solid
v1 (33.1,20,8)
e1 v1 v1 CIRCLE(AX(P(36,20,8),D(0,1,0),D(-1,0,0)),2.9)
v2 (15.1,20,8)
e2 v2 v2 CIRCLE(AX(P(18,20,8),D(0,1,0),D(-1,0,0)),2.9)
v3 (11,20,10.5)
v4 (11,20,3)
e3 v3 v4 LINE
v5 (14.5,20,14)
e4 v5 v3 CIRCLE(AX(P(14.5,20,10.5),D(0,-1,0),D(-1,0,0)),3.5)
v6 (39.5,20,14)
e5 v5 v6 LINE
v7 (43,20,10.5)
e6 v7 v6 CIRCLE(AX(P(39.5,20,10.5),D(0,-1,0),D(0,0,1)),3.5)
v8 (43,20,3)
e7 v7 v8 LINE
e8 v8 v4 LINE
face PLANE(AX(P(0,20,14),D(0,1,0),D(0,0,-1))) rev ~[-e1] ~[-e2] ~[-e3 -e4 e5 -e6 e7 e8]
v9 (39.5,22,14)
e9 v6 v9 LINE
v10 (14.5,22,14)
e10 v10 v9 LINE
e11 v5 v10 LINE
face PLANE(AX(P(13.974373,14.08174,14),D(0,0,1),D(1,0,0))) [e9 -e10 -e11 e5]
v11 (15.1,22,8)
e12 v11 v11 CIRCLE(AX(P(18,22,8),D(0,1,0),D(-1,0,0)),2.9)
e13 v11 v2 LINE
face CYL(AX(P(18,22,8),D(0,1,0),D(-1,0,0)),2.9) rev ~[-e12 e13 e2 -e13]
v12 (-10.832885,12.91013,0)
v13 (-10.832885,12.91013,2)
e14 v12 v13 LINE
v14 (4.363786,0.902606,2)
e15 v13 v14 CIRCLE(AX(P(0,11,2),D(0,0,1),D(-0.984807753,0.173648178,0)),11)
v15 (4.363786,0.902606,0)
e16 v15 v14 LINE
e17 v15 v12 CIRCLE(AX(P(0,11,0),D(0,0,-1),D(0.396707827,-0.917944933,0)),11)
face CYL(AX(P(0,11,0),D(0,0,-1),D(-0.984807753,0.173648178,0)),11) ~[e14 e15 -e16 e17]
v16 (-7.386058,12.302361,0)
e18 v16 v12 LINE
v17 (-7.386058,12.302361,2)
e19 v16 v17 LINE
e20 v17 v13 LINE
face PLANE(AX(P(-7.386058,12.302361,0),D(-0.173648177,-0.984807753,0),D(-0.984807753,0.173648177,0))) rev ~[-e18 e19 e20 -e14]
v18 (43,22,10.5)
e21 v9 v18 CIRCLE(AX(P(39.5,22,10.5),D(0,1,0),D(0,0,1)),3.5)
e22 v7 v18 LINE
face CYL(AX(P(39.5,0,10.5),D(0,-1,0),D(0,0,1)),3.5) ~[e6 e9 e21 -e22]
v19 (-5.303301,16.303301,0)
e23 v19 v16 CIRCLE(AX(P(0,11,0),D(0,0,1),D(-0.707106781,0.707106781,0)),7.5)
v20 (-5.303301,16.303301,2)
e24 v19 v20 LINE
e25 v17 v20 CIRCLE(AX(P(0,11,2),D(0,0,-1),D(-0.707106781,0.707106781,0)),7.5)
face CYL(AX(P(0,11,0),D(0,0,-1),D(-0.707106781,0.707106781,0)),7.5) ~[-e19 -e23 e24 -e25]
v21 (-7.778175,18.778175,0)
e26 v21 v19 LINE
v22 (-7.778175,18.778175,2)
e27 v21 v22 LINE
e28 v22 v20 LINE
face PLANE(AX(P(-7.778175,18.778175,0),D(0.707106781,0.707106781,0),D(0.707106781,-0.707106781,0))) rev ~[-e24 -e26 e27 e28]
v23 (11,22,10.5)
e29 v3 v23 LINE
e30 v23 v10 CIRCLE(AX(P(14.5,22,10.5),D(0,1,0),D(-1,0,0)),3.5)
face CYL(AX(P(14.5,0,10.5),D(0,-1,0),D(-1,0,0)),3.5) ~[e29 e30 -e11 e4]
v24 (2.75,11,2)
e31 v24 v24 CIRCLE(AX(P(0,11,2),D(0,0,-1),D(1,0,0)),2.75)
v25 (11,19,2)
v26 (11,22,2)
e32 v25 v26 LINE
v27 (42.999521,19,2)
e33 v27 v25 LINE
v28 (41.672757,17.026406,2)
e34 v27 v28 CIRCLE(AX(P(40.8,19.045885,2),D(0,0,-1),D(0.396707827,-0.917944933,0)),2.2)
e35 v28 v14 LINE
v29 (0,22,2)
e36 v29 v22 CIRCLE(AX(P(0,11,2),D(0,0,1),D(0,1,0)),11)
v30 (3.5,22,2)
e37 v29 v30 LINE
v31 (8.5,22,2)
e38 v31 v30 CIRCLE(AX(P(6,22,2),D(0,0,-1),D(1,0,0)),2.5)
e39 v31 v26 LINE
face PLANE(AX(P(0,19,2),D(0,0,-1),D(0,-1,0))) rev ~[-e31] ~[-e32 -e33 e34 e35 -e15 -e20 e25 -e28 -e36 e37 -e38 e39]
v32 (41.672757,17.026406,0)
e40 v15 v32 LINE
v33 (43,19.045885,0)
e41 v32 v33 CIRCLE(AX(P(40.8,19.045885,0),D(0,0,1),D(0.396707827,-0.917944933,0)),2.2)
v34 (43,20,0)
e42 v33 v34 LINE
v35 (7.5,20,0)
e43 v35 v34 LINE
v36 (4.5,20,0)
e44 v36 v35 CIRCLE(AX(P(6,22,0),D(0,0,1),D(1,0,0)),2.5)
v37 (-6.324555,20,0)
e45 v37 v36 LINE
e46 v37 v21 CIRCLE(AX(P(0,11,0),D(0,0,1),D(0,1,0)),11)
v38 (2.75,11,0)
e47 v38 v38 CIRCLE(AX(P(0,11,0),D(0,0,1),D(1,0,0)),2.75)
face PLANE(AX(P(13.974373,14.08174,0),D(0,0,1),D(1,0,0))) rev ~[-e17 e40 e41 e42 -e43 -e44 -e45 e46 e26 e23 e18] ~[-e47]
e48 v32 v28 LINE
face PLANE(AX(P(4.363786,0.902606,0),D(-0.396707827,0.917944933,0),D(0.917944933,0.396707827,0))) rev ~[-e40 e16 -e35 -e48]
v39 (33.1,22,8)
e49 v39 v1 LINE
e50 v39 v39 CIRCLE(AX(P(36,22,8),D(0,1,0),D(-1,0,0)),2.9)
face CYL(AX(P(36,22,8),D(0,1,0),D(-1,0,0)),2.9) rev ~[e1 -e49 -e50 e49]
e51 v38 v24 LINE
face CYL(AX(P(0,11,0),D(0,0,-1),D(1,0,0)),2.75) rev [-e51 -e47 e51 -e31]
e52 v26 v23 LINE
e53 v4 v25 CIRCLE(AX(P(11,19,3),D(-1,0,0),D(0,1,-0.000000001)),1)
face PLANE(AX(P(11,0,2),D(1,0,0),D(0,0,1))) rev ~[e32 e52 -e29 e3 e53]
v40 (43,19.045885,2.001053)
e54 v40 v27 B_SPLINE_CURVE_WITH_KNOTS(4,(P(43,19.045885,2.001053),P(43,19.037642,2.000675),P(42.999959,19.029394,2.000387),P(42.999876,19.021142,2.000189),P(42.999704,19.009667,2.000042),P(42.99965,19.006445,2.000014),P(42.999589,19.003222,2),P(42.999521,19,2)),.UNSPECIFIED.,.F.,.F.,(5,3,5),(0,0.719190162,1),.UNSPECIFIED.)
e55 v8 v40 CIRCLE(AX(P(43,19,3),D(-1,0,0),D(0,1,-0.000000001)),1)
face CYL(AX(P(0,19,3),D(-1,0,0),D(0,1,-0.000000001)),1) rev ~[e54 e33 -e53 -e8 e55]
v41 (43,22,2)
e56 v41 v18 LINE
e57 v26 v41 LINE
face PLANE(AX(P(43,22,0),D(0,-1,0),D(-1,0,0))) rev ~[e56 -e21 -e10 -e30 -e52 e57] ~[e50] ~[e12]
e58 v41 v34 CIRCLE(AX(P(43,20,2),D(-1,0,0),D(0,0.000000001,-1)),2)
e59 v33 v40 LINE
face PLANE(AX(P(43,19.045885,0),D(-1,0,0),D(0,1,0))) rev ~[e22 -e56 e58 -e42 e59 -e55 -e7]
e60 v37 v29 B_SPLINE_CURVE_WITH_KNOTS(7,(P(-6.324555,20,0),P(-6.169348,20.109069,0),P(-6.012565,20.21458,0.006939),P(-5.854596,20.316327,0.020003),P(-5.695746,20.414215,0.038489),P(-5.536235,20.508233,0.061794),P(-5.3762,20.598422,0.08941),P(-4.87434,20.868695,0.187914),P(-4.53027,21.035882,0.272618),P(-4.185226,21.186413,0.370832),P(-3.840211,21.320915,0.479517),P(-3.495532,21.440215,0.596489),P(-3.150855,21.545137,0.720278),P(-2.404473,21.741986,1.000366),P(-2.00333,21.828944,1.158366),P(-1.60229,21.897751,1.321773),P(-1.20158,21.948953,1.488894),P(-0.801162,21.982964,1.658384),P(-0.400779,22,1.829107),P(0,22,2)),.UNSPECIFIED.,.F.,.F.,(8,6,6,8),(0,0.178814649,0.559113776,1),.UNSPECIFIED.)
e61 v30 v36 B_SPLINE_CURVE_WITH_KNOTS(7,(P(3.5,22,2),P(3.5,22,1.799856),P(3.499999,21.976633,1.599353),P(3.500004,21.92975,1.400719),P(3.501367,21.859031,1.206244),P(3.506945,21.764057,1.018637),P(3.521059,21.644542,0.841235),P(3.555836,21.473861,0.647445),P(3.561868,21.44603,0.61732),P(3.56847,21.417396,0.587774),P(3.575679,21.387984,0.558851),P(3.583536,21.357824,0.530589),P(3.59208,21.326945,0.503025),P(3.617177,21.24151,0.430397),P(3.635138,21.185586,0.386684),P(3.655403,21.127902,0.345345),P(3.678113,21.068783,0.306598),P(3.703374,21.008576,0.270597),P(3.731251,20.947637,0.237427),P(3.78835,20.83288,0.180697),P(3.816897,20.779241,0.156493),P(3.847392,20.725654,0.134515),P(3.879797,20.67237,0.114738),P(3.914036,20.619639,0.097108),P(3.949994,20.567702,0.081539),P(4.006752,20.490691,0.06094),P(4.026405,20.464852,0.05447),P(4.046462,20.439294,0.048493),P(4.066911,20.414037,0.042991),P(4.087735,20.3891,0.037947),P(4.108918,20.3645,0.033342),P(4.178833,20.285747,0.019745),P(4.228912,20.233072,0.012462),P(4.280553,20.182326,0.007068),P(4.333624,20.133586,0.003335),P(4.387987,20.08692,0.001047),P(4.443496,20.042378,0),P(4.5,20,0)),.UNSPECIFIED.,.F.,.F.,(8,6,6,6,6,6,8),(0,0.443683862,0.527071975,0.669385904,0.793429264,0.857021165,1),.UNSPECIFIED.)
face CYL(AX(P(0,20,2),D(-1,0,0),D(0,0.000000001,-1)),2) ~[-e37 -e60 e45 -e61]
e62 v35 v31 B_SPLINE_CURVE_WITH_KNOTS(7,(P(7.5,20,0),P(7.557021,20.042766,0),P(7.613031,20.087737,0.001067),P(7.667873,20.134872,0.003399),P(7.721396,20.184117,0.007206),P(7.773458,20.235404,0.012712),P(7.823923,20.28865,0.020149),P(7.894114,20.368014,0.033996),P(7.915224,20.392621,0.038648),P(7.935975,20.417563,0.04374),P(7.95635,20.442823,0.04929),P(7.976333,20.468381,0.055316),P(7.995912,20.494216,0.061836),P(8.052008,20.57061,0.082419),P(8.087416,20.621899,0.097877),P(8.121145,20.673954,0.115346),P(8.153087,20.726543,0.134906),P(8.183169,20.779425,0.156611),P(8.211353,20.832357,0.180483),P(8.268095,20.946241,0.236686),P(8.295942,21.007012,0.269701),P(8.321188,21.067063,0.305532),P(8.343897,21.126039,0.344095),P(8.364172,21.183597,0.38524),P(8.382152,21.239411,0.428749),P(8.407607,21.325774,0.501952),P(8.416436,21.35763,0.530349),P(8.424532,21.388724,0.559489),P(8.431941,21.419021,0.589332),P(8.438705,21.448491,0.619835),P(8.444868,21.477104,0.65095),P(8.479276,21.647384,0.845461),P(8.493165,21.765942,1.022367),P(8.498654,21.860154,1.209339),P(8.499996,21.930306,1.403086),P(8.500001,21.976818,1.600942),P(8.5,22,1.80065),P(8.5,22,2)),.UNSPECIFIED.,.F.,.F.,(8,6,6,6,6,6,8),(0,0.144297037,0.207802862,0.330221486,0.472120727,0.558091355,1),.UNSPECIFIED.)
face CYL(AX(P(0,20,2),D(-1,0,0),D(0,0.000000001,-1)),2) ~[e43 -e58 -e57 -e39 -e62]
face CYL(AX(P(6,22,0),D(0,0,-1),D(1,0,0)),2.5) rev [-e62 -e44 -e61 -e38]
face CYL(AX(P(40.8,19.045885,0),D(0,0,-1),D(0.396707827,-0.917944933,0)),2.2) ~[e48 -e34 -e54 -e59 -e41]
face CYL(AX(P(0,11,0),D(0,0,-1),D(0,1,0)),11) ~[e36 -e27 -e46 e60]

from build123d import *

# Parameters (mm, degrees)
SKETCH1_R               = 2.75
BOSS_EXTRUDE1_DEPTH     = 14
SKETCH2_W               = 24
SKETCH2_H               = 32
CUT_EXTRUDE1_DEPTH      = 65
CUT_EXTRUDE1_DEPTH_BACK = 65
SKETCH3_W               = 64
SKETCH3_H               = 24
CUT_EXTRUDE2_DEPTH      = 22
SKETCH4_R               = 2.9
CUT_EXTRUDE3_DEPTH      = 2
CUT_EXTRUDE3_DEPTH_BACK = 2
SKETCH5_R               = 2.9
CUT_EXTRUDE4_DEPTH      = 2
CUT_EXTRUDE4_DEPTH_BACK = 2
SKETCH6_R               = 2.5
CUT_EXTRUDE5_DEPTH      = 14


with BuildPart() as part:
    # Sketch1 → Boss-Extrude1 (new body)
    with BuildSketch(Plane.XY):
        with BuildLine():
            Line((4.363786096, 0.902605737), (41.672757219, 17.026406116))
            ThreePointArc((41.672757219, 17.026406116), (42.63848659, 17.837594003), (43, 19.045884969))
            Line((43, 19.045884969), (43, 22))
            Line((43, 22), (0, 22))
            ThreePointArc((0, 22), (-4.209517756, 21.162674858), (-7.778174593, 18.778174593))
            Line((-7.778174593, 18.778174593), (-5.303300859, 16.303300859))
            ThreePointArc((-5.303300859, 16.303300859), (-6.652581249, 14.463114599), (-7.386058148, 12.302361333))
            Line((-7.386058148, 12.302361333), (-10.832885283, 12.910129954))
            ThreePointArc((-10.832885283, 12.910129954), (-6.819638592, 2.369094516), (4.363786096, 0.902605737))
        make_face()
        with Locations((0, 11)):
            Circle(SKETCH1_R, mode=Mode.SUBTRACT)
    extrude(amount=BOSS_EXTRUDE1_DEPTH)

    # Sketch2 → Cut-Extrude1 (cut, two sides)
    with BuildSketch(Plane(origin=(0, 0, 0), x_dir=(0, 0, -1), z_dir=(1, 0, 0))) as cut_extrude1_sk:
        with Locations((-7, 11)):
            Rectangle(SKETCH2_W, SKETCH2_H)
        with BuildLine():
            Line((-14, 20), (-3, 20))
            ThreePointArc((-3, 20), (-2.292893219, 19.707106781), (-2, 19))
            Line((-2, 19), (-2, 0))
            Line((-2, 0), (0, 0))
            Line((0, 0), (0, 20))
            ThreePointArc((0, 20), (-0.585786438, 21.414213562), (-2, 22))
            Line((-2, 22), (-14, 22))
            Line((-14, 22), (-14, 20))
        make_face(mode=Mode.SUBTRACT)
    extrude(amount=CUT_EXTRUDE1_DEPTH, mode=Mode.SUBTRACT)
    extrude(cut_extrude1_sk.sketch, amount=-CUT_EXTRUDE1_DEPTH_BACK, mode=Mode.SUBTRACT)

    # Sketch3 → Cut-Extrude2 (cut)
    with BuildSketch(Plane(origin=(0, 0, 0), x_dir=(-1, 0, 0), z_dir=(0, 1, 0))):
        with Locations((-16, 7)):
            Rectangle(SKETCH3_W, SKETCH3_H)
        with BuildLine():
            Line((11, 0), (11, 2))
            Line((11, 2), (-11, 2))
            Line((-11, 2), (-11, 10.5))
            ThreePointArc((-11, 10.5), (-12.025126266, 12.974873734), (-14.5, 14))
            Line((-14.5, 14), (-39.5, 14))
            ThreePointArc((-39.5, 14), (-41.974873734, 12.974873734), (-43, 10.5))
            Line((-43, 10.5), (-43, 0))
            Line((-43, 0), (11, 0))
        make_face(mode=Mode.SUBTRACT)
    extrude(amount=CUT_EXTRUDE2_DEPTH, mode=Mode.SUBTRACT)

    # Sketch4 → Cut-Extrude3 (cut, two sides)
    with BuildSketch(Plane(origin=(0, 22, 0), x_dir=(-1, 0, 0), z_dir=(0, 1, 0))) as cut_extrude3_sk:
        with Locations((-18, 8)):
            Circle(SKETCH4_R)
    extrude(amount=CUT_EXTRUDE3_DEPTH, mode=Mode.SUBTRACT)
    extrude(cut_extrude3_sk.sketch, amount=-CUT_EXTRUDE3_DEPTH_BACK, mode=Mode.SUBTRACT)

    # Sketch5 → Cut-Extrude4 (cut, two sides)
    with BuildSketch(Plane(origin=(0, 22, 0), x_dir=(-1, 0, 0), z_dir=(0, 1, 0))) as cut_extrude4_sk:
        with Locations((-36, 8)):
            Circle(SKETCH5_R)
    extrude(amount=CUT_EXTRUDE4_DEPTH, mode=Mode.SUBTRACT)
    extrude(cut_extrude4_sk.sketch, amount=-CUT_EXTRUDE4_DEPTH_BACK, mode=Mode.SUBTRACT)

    # Sketch6 → Cut-Extrude5 (cut)
    with BuildSketch(Plane.XY):
        with Locations((6, 22)):
            Circle(SKETCH6_R)
    extrude(amount=CUT_EXTRUDE5_DEPTH, mode=Mode.SUBTRACT)


solid = part.part
